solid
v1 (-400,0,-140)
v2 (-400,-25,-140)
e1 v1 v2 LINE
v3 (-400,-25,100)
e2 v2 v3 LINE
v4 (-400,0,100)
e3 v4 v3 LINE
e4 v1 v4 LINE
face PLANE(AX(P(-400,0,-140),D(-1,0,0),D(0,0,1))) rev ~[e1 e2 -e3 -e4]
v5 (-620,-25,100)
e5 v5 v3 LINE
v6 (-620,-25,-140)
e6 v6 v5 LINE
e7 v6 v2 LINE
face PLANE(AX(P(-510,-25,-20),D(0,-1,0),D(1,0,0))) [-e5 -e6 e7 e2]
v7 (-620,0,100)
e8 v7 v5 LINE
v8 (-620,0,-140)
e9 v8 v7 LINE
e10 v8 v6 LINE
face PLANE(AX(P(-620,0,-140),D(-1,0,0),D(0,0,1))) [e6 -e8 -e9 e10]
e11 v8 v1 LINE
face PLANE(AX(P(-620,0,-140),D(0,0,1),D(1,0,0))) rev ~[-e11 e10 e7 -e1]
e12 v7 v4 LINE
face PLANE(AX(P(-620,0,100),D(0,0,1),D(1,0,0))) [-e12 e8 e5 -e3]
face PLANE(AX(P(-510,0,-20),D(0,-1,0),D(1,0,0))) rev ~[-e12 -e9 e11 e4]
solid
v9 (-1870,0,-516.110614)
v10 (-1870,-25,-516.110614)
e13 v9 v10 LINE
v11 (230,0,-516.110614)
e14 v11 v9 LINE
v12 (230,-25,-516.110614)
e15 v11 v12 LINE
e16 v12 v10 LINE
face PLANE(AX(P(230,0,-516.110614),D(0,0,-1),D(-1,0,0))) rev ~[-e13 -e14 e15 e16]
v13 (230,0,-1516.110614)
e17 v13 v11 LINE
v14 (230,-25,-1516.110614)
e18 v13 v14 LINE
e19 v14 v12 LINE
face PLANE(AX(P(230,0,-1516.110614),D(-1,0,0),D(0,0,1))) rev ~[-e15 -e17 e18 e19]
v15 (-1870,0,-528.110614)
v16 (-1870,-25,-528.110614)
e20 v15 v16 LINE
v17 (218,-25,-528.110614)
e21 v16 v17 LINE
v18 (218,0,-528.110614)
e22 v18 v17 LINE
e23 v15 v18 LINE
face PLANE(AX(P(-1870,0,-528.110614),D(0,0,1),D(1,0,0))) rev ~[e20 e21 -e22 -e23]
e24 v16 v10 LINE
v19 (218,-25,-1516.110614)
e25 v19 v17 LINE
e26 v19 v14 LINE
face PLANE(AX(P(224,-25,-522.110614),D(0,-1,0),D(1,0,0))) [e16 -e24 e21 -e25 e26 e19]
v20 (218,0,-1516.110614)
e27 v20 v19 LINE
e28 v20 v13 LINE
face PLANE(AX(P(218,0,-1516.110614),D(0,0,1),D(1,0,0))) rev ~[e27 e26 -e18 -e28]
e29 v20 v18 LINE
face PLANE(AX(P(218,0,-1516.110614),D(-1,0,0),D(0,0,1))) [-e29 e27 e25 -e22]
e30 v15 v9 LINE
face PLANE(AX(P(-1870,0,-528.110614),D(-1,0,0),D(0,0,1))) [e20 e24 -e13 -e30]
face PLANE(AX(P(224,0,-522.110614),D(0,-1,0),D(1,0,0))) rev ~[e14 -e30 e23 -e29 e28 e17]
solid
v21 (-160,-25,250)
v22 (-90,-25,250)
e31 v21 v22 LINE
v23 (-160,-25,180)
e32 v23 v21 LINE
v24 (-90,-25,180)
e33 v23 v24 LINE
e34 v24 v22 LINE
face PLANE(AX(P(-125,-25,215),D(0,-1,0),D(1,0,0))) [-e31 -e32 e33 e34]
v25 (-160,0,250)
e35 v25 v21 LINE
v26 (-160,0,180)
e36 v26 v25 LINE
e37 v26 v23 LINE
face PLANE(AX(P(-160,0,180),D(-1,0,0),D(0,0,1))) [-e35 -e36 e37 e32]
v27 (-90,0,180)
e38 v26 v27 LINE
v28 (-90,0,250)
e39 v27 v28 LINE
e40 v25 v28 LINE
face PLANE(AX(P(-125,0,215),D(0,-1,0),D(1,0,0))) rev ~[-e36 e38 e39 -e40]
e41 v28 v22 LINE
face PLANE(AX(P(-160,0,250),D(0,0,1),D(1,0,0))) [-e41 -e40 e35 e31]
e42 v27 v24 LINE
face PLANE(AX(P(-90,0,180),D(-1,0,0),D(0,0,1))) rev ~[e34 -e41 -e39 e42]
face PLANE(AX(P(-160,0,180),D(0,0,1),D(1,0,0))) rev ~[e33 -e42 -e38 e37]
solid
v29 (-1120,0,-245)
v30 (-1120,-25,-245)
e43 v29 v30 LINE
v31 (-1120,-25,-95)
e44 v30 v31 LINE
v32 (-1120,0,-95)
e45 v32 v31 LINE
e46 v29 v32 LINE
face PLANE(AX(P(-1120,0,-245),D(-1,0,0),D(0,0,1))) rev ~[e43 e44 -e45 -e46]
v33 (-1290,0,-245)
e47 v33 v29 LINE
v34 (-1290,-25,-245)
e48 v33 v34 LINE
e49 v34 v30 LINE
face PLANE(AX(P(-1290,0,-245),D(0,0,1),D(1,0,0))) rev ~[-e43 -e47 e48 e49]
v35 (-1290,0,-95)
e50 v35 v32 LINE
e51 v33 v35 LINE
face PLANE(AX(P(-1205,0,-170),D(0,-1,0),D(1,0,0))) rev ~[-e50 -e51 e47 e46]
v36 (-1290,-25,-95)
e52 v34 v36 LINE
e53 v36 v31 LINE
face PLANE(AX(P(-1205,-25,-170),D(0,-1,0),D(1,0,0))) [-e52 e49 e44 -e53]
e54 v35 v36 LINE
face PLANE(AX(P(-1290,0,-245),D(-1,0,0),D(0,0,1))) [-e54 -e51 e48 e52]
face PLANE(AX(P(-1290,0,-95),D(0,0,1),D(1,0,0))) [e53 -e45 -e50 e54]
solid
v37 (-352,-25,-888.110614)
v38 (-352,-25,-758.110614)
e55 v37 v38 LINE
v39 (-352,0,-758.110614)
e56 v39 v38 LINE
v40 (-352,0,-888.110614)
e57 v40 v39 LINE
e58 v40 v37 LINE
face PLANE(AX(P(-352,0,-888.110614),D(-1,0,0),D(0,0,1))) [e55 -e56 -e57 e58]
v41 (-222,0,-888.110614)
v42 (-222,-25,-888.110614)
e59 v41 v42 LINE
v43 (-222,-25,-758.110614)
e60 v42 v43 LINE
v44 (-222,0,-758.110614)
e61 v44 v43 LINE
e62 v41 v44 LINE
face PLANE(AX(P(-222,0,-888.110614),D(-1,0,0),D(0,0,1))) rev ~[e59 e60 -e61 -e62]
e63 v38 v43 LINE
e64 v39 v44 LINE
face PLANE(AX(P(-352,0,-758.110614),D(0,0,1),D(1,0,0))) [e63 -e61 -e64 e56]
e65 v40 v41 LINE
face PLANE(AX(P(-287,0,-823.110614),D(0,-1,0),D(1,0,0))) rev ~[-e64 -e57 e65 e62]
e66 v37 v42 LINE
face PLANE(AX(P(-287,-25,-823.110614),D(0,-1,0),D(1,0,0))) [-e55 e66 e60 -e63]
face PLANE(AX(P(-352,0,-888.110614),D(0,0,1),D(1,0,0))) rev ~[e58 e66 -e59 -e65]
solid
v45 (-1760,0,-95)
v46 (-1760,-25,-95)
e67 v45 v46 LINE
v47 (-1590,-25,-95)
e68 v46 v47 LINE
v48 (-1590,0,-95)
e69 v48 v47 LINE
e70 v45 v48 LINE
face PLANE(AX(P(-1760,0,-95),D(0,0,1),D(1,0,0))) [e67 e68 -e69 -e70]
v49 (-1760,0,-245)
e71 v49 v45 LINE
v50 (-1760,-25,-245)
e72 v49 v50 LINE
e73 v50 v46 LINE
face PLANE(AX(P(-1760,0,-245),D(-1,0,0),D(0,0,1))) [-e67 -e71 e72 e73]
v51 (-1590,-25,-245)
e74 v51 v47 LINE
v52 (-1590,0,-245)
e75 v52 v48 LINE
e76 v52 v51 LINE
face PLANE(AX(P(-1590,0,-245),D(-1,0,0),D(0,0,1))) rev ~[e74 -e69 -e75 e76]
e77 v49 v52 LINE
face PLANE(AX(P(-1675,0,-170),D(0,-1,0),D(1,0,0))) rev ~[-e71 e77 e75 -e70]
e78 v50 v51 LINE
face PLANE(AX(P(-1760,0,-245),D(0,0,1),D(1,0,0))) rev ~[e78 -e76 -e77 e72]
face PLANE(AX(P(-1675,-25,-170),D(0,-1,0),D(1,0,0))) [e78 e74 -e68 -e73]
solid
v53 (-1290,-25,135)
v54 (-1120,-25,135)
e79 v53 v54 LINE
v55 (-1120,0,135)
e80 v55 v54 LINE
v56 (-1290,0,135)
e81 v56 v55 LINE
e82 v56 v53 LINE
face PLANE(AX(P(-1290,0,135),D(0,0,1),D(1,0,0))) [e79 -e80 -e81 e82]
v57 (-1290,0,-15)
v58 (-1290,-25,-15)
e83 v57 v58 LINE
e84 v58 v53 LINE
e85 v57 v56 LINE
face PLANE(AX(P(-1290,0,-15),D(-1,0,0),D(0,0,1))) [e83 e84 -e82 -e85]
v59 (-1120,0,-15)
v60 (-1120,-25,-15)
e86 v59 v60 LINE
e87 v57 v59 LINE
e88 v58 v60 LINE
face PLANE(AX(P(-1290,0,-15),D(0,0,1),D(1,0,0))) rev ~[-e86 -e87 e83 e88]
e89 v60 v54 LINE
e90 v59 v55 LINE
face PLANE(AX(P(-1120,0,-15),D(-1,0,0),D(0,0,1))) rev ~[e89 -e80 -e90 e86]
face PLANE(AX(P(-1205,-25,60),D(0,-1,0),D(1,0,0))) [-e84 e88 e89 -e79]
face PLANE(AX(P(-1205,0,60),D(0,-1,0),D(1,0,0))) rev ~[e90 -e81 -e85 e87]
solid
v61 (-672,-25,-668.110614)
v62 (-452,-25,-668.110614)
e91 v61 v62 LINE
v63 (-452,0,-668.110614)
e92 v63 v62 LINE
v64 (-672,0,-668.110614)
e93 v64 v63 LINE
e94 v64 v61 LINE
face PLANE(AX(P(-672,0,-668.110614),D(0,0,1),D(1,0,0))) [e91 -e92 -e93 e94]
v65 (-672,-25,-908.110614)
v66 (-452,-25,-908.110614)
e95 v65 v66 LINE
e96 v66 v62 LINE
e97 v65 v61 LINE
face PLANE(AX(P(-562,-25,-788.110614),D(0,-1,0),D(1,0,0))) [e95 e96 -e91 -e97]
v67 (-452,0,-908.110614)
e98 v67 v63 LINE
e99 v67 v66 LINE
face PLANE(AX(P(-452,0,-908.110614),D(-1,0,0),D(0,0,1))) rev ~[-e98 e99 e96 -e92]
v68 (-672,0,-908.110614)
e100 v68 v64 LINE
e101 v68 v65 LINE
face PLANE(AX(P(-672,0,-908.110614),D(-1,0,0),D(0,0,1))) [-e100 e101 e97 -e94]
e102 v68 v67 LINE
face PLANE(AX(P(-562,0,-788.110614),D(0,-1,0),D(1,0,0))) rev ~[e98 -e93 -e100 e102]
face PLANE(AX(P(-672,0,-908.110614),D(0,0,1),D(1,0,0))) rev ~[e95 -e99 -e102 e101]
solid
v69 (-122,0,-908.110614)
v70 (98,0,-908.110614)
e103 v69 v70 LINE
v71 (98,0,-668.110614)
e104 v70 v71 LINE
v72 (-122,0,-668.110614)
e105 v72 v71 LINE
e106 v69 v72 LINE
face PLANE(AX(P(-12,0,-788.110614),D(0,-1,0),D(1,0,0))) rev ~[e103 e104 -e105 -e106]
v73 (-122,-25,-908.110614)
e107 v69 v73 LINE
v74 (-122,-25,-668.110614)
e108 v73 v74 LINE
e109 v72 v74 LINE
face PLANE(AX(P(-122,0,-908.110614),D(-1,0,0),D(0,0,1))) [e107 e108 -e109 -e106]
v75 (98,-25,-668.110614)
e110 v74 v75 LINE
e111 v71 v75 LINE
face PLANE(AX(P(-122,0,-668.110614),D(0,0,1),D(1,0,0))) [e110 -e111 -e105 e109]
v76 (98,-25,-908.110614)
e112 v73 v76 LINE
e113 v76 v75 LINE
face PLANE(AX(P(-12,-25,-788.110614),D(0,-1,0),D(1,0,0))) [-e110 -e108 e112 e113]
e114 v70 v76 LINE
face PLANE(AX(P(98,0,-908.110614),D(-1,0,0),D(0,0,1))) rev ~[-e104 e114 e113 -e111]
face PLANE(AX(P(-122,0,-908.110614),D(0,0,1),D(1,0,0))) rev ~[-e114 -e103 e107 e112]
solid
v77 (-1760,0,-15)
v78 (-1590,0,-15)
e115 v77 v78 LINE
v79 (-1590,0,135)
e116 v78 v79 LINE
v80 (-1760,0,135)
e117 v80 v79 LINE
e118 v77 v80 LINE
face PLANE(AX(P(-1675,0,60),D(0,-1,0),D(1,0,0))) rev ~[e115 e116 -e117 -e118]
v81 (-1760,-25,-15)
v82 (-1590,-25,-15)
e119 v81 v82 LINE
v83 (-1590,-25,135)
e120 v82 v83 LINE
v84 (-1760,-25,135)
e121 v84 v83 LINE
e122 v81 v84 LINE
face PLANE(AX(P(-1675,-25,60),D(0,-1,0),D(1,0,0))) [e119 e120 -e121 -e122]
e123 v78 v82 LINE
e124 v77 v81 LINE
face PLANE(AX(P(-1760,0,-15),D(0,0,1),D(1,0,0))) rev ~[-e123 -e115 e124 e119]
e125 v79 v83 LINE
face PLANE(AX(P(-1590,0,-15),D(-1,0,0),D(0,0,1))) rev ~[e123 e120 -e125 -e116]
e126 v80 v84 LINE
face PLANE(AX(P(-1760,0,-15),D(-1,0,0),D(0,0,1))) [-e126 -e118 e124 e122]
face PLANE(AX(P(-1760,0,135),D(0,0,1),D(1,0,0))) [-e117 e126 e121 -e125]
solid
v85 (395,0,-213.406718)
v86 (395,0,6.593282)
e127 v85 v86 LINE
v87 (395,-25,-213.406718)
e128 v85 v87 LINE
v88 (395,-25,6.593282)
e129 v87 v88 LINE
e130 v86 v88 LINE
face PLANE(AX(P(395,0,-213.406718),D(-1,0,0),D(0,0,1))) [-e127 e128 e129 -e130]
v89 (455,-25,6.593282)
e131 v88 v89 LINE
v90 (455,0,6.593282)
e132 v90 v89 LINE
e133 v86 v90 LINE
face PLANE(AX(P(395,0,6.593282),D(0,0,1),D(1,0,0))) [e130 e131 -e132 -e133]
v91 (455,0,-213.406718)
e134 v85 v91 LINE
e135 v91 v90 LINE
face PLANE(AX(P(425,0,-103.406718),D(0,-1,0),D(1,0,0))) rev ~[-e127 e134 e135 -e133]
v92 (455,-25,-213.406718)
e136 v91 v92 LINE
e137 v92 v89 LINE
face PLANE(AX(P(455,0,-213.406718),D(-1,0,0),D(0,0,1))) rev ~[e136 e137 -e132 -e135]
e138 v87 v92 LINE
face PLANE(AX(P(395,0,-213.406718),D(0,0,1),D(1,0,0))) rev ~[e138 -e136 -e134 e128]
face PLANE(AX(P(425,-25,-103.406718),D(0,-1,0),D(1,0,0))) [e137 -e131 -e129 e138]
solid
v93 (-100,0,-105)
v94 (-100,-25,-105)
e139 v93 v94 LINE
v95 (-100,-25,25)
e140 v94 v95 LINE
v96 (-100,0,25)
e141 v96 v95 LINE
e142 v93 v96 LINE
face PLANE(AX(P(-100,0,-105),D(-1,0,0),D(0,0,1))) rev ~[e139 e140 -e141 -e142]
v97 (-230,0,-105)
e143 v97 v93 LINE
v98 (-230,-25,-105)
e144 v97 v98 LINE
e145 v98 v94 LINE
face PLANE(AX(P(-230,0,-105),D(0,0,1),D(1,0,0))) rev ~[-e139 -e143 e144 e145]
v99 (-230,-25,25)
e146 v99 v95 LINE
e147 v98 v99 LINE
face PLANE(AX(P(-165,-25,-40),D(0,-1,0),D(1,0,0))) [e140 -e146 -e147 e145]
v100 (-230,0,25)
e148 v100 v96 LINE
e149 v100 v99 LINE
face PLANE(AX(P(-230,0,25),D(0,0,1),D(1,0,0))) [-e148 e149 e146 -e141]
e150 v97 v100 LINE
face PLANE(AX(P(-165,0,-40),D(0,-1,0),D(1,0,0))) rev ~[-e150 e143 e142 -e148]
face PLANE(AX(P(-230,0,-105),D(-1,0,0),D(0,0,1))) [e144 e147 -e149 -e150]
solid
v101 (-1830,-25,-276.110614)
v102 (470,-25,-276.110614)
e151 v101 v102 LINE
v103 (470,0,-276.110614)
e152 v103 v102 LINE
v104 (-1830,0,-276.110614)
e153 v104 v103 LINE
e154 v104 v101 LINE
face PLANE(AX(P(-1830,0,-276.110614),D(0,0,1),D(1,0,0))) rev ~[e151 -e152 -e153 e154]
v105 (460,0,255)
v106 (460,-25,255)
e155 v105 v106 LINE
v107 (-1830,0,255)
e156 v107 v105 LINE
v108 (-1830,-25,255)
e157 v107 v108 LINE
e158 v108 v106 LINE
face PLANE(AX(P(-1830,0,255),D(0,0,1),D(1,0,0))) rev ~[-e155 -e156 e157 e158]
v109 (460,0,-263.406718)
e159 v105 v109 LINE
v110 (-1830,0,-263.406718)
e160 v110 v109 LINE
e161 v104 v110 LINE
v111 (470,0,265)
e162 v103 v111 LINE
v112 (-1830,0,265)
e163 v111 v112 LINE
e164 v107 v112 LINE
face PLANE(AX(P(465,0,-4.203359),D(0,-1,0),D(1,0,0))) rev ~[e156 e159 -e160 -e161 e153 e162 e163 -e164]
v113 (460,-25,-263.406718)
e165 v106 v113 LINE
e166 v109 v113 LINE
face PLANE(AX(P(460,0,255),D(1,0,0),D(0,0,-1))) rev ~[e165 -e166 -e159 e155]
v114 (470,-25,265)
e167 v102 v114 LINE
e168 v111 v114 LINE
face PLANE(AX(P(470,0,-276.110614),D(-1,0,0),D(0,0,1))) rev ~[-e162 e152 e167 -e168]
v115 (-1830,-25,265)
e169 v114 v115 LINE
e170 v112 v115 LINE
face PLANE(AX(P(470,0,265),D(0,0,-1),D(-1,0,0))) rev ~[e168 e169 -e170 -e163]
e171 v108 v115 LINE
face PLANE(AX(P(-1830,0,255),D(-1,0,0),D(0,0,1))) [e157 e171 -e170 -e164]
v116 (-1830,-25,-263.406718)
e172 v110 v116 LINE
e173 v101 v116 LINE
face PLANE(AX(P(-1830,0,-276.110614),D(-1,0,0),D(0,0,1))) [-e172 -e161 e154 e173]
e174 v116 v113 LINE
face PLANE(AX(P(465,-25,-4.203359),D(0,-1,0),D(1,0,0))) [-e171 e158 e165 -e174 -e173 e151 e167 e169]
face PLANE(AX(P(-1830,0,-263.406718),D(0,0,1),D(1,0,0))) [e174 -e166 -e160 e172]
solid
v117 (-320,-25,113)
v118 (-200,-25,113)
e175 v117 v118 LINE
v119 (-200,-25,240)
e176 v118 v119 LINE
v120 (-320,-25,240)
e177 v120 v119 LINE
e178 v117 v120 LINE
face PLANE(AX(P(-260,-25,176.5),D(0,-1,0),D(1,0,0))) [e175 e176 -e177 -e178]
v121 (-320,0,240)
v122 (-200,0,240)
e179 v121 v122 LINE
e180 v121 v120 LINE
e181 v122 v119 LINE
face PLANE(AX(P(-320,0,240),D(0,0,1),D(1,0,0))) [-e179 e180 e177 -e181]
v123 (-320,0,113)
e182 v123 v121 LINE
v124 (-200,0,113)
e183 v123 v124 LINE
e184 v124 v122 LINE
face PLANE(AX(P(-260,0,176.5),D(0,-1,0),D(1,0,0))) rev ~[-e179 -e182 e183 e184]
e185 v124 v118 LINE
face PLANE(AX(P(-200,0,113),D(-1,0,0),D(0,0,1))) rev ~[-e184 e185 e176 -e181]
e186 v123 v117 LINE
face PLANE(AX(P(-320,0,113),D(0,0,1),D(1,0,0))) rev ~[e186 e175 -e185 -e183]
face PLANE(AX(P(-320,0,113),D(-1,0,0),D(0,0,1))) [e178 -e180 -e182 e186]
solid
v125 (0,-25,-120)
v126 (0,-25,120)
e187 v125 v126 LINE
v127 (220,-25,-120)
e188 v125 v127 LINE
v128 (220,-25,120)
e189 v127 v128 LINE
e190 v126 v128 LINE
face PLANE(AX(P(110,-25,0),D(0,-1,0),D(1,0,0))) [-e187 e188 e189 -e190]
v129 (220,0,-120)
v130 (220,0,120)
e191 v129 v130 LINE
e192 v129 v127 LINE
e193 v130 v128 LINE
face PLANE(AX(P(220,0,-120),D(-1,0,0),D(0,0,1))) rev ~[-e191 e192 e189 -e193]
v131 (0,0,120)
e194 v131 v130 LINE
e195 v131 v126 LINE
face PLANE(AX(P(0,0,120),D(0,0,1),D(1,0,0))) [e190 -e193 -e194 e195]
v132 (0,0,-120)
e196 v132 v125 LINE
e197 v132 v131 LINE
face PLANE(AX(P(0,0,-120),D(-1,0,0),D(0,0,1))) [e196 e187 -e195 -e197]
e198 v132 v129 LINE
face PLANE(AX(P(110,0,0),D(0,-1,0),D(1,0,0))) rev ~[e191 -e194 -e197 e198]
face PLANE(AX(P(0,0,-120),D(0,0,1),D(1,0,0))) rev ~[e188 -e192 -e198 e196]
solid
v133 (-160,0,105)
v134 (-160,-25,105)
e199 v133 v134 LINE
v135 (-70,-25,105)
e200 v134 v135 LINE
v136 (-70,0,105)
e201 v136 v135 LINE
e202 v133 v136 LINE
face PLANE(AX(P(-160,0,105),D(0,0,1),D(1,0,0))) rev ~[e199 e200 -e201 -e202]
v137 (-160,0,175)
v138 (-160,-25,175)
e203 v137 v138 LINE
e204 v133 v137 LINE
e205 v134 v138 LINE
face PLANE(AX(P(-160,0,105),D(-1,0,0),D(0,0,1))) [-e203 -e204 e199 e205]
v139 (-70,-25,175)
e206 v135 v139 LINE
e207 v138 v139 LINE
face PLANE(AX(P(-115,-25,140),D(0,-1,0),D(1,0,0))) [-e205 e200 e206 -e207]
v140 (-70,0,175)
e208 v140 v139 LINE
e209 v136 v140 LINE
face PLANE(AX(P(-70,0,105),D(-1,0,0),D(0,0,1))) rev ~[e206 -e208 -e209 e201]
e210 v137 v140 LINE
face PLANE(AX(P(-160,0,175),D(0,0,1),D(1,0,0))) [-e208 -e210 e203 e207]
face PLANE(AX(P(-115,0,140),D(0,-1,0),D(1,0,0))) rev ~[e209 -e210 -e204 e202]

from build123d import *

# Parameters (mm, degrees)
F0_W     = 220
F0_H     = 240
F0_W_2   = 10
F0_H_2   = 518.406718
F0_H_3   = 10
F0_W_3   = 2290
F0_H_4   = 12.703896
F0_W_4   = 130
F0_H_5   = 130
F0_W_5   = 120
F0_H_6   = 127
F0_W_6   = 90
F0_H_7   = 70
F0_W_7   = 70
F0_W_8   = 60
F0_H_8   = 220
F0_W_9   = 170
F0_H_9   = 150
F0_W_10  = 12
F0_H_10  = 12
F0_W_11  = 2088
F0_H_11  = 988
F1_DEPTH = 25


with BuildPart() as f1:
    # F0 (on Front) → F1 (new body)
    with BuildSketch(Plane.XZ):
        with Locations((110, 0)):
            Rectangle(F0_W, F0_H)
        with Locations((465, -4.203359)):
            Rectangle(F0_W_2, F0_H_2)
        with Locations((465, 260)):
            Rectangle(F0_W_2, F0_H_3)
        with Locations((-685, 260)):
            Rectangle(F0_W_3, F0_H_3)
        with Locations((465, -269.758666)):
            Rectangle(F0_W_2, F0_H_4)
        with Locations((-685, -269.758666)):
            Rectangle(F0_W_3, F0_H_4)
        with Locations((-165, -40)):
            Rectangle(F0_W_4, F0_H_5)
        with Locations((-260, 176.5)):
            Rectangle(F0_W_5, F0_H_6)
        with Locations((-115, 140)):
            Rectangle(F0_W_6, F0_H_7)
        with Locations((-125, 215)):
            Rectangle(F0_W_7, F0_H_7)
        with Locations((425, -103.406718)):
            Rectangle(F0_W_8, F0_H_8)
        with Locations((-510, -20)):
            Rectangle(F0_W, F0_H)
        with Locations((-1205, 60)):
            Rectangle(F0_W_9, F0_H_9)
        with Locations((-1205, -170)):
            Rectangle(F0_W_9, F0_H_9)
        with Locations((224, -522.110614)):
            Rectangle(F0_W_10, F0_H_10)
        with Locations((-826, -522.110614)):
            Rectangle(F0_W_11, F0_H_10)
        with Locations((224, -1022.110614)):
            Rectangle(F0_W_10, F0_H_11)
        with Locations((-562, -788.110614)):
            Rectangle(F0_W, F0_H)
        with Locations((-12, -788.110614)):
            Rectangle(F0_W, F0_H)
        with Locations((-287, -823.110614)):
            Rectangle(F0_W_4, F0_H_5)
        with Locations((-1675, 60)):
            Rectangle(F0_W_9, F0_H_9)
        with Locations((-1675, -170)):
            Rectangle(F0_W_9, F0_H_9)
    extrude(amount=F1_DEPTH)


solid = f1.part
